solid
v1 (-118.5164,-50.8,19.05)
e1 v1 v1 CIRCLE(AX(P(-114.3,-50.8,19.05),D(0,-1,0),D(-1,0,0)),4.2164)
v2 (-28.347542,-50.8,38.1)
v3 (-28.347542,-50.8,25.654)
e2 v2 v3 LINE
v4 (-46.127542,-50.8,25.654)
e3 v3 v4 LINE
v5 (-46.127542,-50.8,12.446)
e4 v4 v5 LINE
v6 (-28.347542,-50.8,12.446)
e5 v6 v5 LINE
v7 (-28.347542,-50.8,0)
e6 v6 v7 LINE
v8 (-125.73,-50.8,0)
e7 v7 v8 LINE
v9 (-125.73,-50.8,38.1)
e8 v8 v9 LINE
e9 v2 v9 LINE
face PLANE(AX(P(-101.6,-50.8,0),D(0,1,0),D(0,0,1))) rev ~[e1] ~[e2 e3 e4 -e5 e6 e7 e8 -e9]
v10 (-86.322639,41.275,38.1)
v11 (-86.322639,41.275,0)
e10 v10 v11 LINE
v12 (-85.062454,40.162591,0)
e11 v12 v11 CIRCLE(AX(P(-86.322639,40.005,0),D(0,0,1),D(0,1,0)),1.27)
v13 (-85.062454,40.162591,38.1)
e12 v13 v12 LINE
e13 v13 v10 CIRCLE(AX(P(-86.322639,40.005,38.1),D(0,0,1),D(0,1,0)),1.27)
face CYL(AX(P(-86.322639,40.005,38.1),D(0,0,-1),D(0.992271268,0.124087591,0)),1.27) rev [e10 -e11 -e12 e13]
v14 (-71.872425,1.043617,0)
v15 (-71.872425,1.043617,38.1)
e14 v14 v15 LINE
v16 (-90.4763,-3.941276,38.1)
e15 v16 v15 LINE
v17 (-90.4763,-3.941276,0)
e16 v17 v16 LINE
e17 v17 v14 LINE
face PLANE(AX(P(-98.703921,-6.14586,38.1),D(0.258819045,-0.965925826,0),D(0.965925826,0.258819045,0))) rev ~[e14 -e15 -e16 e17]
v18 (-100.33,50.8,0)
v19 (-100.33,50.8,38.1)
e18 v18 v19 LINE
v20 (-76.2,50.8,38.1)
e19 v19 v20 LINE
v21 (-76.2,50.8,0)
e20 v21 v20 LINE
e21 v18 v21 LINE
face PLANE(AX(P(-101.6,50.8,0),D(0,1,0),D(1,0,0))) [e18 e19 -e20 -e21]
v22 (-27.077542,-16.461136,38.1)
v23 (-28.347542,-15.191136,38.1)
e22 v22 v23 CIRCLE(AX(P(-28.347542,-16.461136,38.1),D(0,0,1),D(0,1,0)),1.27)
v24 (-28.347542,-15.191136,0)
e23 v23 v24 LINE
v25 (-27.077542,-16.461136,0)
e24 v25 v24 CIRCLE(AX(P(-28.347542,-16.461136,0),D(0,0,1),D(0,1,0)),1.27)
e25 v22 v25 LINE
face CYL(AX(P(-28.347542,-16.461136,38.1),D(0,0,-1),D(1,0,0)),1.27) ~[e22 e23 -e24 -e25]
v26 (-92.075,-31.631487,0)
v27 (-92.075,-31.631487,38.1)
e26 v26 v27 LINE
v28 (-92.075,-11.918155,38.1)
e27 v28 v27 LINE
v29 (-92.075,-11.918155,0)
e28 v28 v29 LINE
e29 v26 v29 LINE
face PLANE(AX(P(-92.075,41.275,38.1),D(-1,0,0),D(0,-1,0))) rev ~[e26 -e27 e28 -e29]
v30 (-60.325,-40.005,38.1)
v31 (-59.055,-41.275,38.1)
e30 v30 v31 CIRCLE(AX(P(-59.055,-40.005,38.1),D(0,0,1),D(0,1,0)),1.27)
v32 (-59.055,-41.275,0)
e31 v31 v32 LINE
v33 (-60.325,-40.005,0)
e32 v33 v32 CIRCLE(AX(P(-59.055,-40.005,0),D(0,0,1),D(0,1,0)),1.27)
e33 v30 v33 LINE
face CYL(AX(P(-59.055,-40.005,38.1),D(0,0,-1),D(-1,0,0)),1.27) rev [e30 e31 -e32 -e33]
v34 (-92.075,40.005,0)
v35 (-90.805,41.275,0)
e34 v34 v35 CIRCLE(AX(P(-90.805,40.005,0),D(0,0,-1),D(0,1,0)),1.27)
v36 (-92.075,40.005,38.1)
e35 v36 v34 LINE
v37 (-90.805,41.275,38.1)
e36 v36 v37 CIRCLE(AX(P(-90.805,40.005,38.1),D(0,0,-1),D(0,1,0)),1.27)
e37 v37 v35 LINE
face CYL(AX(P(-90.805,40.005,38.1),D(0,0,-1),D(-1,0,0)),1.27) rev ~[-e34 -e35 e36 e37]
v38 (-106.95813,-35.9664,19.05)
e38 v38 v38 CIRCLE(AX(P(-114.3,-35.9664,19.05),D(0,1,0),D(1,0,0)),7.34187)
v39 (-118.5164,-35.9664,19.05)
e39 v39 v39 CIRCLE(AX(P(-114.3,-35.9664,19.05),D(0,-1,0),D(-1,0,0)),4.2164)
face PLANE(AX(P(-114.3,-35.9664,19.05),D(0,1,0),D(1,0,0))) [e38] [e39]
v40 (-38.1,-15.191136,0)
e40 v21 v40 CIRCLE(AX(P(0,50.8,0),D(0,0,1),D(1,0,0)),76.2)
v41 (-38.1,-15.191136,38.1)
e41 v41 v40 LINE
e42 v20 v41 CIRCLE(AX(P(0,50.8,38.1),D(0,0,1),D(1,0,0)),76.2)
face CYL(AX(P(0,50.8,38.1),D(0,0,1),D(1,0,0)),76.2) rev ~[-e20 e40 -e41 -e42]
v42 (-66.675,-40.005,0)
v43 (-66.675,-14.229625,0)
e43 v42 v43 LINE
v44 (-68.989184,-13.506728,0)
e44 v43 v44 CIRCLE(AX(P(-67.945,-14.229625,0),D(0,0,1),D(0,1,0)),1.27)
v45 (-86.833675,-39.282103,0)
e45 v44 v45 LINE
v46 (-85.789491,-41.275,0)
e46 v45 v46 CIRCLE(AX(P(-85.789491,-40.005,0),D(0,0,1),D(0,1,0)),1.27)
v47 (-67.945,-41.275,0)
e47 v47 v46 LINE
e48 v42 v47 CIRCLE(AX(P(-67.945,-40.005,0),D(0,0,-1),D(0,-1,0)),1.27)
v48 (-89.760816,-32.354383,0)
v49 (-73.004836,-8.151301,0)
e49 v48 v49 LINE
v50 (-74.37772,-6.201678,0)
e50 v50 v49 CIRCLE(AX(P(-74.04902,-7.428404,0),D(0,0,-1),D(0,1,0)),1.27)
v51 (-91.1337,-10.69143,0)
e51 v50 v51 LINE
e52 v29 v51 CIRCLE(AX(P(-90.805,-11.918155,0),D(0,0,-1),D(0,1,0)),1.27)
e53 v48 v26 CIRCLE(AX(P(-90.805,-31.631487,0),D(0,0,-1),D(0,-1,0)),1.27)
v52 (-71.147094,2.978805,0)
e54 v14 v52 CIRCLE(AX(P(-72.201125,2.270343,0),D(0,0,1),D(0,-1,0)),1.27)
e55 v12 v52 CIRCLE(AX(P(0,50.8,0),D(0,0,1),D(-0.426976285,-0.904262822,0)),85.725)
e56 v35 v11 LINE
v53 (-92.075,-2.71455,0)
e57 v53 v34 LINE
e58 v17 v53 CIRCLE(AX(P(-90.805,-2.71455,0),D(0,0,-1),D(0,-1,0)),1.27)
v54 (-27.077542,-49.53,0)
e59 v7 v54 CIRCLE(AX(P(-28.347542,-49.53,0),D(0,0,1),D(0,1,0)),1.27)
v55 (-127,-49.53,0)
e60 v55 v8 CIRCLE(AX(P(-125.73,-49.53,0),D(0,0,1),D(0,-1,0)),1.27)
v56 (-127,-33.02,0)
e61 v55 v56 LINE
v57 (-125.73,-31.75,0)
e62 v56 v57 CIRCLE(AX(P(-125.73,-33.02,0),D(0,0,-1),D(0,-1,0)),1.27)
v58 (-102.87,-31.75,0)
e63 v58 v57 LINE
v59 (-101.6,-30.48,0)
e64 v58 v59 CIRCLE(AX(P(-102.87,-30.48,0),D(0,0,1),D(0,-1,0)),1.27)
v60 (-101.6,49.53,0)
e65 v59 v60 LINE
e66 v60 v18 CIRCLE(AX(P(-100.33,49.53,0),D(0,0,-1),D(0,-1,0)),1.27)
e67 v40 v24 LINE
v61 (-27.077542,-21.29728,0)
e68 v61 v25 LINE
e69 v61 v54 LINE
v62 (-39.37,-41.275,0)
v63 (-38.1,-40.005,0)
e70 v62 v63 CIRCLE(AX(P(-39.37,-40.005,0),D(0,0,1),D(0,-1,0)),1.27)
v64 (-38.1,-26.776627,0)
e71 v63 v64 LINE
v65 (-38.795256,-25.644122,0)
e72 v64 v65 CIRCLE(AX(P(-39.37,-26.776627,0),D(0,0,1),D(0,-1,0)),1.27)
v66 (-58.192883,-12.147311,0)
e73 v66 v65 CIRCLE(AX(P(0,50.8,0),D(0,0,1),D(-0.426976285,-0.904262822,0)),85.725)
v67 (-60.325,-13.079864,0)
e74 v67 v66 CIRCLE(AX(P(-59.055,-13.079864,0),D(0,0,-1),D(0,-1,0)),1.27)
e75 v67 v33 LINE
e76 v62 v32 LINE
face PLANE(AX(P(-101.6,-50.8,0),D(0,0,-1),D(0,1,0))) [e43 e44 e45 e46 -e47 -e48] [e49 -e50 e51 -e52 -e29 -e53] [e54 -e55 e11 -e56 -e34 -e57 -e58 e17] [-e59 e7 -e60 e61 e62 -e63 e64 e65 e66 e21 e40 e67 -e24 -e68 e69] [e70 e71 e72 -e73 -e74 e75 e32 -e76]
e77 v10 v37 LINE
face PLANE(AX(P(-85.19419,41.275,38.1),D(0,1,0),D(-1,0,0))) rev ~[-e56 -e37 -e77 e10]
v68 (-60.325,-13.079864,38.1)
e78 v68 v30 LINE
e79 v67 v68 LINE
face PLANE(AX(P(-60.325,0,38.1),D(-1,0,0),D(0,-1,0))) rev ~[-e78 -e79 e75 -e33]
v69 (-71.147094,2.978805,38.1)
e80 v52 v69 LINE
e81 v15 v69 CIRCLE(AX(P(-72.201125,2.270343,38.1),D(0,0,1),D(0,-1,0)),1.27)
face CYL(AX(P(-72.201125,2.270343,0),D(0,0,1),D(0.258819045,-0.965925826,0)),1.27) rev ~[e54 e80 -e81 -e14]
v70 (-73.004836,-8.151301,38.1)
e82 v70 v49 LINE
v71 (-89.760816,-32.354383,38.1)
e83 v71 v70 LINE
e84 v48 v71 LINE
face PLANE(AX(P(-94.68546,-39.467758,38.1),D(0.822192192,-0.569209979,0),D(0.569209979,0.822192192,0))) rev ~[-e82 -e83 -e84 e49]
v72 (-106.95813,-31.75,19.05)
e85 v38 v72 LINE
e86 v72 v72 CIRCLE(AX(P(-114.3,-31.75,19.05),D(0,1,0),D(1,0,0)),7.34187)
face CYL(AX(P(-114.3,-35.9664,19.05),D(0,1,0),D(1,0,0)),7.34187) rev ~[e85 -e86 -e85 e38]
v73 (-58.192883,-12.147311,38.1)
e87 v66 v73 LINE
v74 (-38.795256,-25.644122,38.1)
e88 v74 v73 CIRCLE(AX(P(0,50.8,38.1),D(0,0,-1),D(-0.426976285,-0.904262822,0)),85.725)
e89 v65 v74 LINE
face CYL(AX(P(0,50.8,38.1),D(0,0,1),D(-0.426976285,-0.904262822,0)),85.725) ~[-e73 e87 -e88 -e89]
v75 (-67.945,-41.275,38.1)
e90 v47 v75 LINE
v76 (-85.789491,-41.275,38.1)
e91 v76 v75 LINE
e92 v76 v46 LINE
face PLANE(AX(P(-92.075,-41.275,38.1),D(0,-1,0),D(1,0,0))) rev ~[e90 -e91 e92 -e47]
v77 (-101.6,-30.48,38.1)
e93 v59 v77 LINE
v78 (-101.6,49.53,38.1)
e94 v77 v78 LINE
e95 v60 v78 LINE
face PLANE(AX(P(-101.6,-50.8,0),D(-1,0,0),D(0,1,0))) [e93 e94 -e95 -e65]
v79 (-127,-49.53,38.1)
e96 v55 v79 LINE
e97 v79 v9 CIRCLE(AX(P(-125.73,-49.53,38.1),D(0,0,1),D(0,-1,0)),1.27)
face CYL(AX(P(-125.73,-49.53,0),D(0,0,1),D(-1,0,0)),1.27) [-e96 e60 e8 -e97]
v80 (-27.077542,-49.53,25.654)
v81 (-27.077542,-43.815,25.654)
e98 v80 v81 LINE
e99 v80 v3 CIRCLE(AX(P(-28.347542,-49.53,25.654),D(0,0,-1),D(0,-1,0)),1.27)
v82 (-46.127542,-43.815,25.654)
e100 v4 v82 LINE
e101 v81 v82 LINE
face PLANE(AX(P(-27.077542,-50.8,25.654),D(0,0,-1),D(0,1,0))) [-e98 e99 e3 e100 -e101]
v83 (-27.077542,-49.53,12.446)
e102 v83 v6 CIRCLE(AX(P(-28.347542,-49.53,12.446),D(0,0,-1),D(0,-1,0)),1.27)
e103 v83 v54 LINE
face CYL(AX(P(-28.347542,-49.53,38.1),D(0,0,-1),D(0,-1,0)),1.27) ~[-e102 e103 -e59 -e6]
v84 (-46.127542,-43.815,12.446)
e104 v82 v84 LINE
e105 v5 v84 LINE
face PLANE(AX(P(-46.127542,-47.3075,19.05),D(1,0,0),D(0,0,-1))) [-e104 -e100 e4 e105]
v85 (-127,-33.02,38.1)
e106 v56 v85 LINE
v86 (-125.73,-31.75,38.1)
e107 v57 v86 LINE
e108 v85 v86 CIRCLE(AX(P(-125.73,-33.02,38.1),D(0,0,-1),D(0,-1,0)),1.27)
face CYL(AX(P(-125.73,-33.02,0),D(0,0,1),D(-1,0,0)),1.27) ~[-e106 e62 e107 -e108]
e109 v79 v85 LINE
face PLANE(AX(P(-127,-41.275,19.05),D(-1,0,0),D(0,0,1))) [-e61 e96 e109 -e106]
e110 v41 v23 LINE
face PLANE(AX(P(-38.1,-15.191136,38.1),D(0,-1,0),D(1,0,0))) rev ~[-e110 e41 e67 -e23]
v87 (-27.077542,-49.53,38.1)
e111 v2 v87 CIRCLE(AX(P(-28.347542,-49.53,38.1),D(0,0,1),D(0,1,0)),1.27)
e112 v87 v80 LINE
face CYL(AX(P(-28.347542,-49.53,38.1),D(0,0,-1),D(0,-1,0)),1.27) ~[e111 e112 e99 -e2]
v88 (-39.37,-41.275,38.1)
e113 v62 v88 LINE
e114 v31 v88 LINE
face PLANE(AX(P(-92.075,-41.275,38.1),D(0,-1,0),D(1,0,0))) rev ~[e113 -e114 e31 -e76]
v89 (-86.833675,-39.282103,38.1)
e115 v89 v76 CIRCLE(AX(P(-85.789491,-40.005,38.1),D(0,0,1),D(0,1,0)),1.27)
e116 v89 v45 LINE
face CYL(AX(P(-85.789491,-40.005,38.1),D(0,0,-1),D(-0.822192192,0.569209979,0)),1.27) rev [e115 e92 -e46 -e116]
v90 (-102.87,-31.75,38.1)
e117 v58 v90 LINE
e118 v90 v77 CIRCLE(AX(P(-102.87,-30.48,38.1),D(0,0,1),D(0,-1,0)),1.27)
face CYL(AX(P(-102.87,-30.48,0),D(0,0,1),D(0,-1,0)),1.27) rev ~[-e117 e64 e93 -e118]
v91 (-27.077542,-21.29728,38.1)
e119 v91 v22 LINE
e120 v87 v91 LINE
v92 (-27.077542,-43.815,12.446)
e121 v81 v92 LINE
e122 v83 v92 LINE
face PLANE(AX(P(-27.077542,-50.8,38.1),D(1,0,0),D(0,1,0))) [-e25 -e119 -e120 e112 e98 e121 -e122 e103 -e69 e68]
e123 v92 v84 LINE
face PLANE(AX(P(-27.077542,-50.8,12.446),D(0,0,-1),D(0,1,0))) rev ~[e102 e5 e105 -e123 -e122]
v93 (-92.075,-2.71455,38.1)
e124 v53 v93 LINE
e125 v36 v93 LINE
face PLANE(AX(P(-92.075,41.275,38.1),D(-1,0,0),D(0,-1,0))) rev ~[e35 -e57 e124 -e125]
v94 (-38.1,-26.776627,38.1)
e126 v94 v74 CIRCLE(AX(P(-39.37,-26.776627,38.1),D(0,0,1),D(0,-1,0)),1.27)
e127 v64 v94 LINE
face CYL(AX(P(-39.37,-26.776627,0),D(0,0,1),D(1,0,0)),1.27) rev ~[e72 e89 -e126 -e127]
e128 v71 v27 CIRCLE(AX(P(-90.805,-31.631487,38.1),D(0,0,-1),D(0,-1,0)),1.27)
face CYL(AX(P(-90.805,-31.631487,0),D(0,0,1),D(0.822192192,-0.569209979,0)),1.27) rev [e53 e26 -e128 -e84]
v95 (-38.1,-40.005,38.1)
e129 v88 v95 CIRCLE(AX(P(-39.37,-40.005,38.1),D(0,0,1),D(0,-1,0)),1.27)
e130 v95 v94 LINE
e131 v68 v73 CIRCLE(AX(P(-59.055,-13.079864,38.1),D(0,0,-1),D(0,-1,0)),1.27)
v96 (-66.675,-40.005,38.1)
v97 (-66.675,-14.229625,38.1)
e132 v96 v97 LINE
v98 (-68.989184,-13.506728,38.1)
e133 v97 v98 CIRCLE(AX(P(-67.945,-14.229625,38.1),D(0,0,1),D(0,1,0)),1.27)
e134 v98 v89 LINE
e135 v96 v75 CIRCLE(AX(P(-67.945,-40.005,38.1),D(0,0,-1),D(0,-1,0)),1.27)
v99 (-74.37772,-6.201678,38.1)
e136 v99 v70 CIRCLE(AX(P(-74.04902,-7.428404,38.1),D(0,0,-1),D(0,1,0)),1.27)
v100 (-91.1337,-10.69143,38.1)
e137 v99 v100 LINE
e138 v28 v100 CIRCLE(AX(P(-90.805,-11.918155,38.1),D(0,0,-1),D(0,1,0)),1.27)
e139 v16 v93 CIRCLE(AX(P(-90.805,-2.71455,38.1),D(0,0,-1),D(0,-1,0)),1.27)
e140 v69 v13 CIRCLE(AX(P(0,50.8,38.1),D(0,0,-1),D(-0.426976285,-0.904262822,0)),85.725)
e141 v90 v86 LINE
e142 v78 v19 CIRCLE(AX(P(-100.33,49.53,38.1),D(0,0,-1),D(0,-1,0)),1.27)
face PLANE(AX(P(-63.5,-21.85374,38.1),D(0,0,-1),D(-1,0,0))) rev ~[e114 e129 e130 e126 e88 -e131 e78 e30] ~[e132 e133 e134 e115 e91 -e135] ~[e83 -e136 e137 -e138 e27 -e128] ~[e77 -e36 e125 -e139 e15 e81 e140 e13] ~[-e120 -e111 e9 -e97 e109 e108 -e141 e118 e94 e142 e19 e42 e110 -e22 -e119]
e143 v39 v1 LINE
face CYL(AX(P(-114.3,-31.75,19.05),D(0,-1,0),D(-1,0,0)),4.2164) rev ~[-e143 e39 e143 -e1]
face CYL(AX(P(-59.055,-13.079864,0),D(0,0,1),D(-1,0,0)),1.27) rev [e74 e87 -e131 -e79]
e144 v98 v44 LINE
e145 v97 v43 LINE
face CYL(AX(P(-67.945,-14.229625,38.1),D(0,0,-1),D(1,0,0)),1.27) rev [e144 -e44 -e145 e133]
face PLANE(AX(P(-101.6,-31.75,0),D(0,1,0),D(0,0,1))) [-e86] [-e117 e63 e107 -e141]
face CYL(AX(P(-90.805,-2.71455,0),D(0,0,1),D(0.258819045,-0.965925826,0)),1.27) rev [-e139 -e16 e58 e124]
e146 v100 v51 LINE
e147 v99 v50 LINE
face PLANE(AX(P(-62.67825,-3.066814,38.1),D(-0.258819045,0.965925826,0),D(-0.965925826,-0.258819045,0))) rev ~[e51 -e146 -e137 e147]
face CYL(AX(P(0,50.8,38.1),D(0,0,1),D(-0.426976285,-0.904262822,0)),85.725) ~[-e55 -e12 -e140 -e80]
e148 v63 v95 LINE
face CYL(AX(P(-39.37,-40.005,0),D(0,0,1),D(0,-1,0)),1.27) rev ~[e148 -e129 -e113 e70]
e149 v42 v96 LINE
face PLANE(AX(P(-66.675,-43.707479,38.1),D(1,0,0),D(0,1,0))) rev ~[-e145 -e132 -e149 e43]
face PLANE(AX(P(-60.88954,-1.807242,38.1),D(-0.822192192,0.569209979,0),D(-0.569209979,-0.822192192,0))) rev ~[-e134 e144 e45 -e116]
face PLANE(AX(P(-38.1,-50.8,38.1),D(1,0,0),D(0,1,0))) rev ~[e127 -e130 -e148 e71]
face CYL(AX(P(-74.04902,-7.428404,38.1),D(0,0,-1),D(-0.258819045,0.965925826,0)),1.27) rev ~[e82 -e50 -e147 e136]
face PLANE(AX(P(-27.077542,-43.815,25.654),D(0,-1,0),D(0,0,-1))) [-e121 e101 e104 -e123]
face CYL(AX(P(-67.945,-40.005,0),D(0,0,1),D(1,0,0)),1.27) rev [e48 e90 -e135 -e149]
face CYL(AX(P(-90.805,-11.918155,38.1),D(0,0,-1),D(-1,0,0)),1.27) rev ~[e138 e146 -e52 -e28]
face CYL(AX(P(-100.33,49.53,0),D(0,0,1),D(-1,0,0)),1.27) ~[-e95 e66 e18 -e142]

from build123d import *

# Parameters (mm, degrees)
SKETCH1_W                                         = 203.2
SKETCH1_H                                         = 101.6
BOSS_EXTRUDE1_DEPTH                               = 38.1
SKETCH2_R                                         = 76.2
CUT_EXTRUDE1_DEPTH                                = 120.811560377
SKETCH3_W                                         = 38.1
SKETCH3_H                                         = 19.05
BOSS_EXTRUDE2_DEPTH                               = 25.4
CUT_EXTRUDE2_DEPTH                                = 142.990316571
BOSS_EXTRUDE3_DEPTH                               = 38.1
BOSS_EXTRUDE4_DEPTH                               = 38.1
BOSS_EXTRUDE5_DEPTH                               = 38.1
FILLET1_R                                         = 1.27
FILLET2_R                                         = 1.27
SKETCH8_W                                         = 177.8
SKETCH8_H                                         = 152.4
CUT_EXTRUDE4_DEPTH                                = 142.990316571
FILLET3_R                                         = 1.27
CBORE_FOR_5_16_BUTTON_HEAD_CAP_SCREW1_D           = 8.4328
CBORE_FOR_5_16_BUTTON_HEAD_CAP_SCREW1_CBORE_D     = 14.68374
CBORE_FOR_5_16_BUTTON_HEAD_CAP_SCREW1_CBORE_DEPTH = 4.2164
SKETCH11_W                                        = 11.022458007
SKETCH11_H                                        = 35.608864266
BOSS_EXTRUDE6_DEPTH                               = 38.1
FILLET4_R                                         = 1.27
SKETCH15_W                                        = 13.208
SKETCH15_H                                        = 6.985
CUT_EXTRUDE6_DEPTH                                = 19.05
FILLET5_R                                         = 1.27


with BuildPart() as part:
    # Sketch1 → Boss-Extrude1 (new body)
    with BuildSketch(Plane.XY):
        Rectangle(SKETCH1_W, SKETCH1_H)
    extrude(amount=BOSS_EXTRUDE1_DEPTH)

    # Sketch2 → Cut-Extrude1 (cut, through all)
    with BuildSketch(Plane.XY.offset(38.1)):
        with Locations((0, 50.8)):
            Circle(SKETCH2_R)
    extrude(amount=-CUT_EXTRUDE1_DEPTH, mode=Mode.SUBTRACT)

    # Sketch3 → Boss-Extrude2 (add)
    with BuildSketch(Plane.ZY.offset(101.6)):
        with Locations((19.05, -41.275)):
            Rectangle(SKETCH3_W, SKETCH3_H)
    extrude(amount=BOSS_EXTRUDE2_DEPTH)

    # Sketch4 → Cut-Extrude2 (cut, through all)
    with BuildSketch(Plane.XY.offset(38.1)):
        with BuildLine():
            Line((-85.194189943, 41.275), (-92.075, 41.275))
            Line((-92.075, 41.275), (-92.075, -41.275))
            Line((-92.075, -41.275), (-36.602542053, -41.275))
            Line((-36.602542053, -41.275), (-36.602542053, -26.717930443))
            ThreePointArc((-36.602542053, -26.717930443), (-69.745040174, 0.956194004), (-85.194189943, 41.275))
        make_face()
    extrude(amount=-CUT_EXTRUDE2_DEPTH, mode=Mode.SUBTRACT)

    # Sketch5 → Boss-Extrude3 (add)
    with BuildSketch(Plane.XY.offset(38.1)):
        with BuildLine():
            Line((-62.678249532, -3.066814498), (-97.060420113, -12.27948934))
            ThreePointArc((-97.060420113, -12.27948934), (-100.94898508, -10.03442531), (-98.70392105, -6.145860343))
            Line((-98.70392105, -6.145860343), (-64.321750468, 3.066814498))
            ThreePointArc((-64.321750468, 3.066814498), (-60.433185502, 0.821750468), (-62.678249532, -3.066814498))
        make_face()
    extrude(amount=-BOSS_EXTRUDE3_DEPTH)

    # Sketch6 → Boss-Extrude4 (add)
    with BuildSketch(Plane.XY.offset(38.1)):
        with BuildLine():
            Line((-60.889539792, -1.807241683), (-89.464539792, -43.082241683))
            ThreePointArc((-89.464539792, -43.082241683), (-93.882241683, -43.885460208), (-94.685460208, -39.467758317))
            Line((-94.685460208, -39.467758317), (-66.110460208, 1.807241683))
            ThreePointArc((-66.110460208, 1.807241683), (-61.692758317, 2.610460208), (-60.889539792, -1.807241683))
        make_face()
    extrude(amount=-BOSS_EXTRUDE4_DEPTH)

    # Sketch7 → Boss-Extrude5 (add)
    with BuildSketch(Plane.XY.offset(38.1)):
        with BuildLine():
            Line((-60.325, 0), (-60.325, -43.707479127))
            ThreePointArc((-60.325, -43.707479127), (-63.5, -46.882479127), (-66.675, -43.707479127))
            Line((-66.675, -43.707479127), (-66.675, 0))
            ThreePointArc((-66.675, 0), (-63.5, 3.175), (-60.325, 0))
        make_face()
    extrude(amount=-BOSS_EXTRUDE5_DEPTH)

    # Fillet1
    fillet1_edges = [part.edges().sort_by_distance(p)[0] for p in [
        (-60.325, -41.275, 19.05),
        (-66.675, -41.275, 19.05),
        (-101.6, -31.75, 19.05),
        (-127, -31.75, 19.05),
        (-85.194189943, 41.275, 19.05),
        (-36.602542053, -26.717930443, 19.05),
        (-92.075, 41.275, 19.05),
        (-92.075, -4.369646301, 19.05),
        (-92.075, -10.943650047, 19.05),
        (-70.136622156, 1.508724326, 19.05),
        (-101.6, 50.8, 19.05),
    ]]
    fillet(fillet1_edges, radius=FILLET1_R)

    # Fillet2
    fillet2_edges = [part.edges().sort_by_distance(p)[0] for p in [
        (-92.075, -35.697093572, 19.05),
        (-66.675, -10.164017539, 19.05),
        (-60.325, -10.107060346, 19.05),
        (-71.03501409, -5.306002813, 19.05),
        (-88.213372473, -41.275, 19.05),
    ]]
    fillet(fillet2_edges, radius=FILLET2_R)

    # Sketch8 → Cut-Extrude4 (cut, through all)
    with BuildSketch(Plane.XY.offset(38.1)):
        with Locations((61.822457947, 25.4)):
            Rectangle(SKETCH8_W, SKETCH8_H)
    extrude(amount=-CUT_EXTRUDE4_DEPTH, mode=Mode.SUBTRACT)

    # Fillet3
    fillet3_edges = [part.edges().sort_by_distance(p)[0] for p in [
        (-127, -50.8, 19.05),
        (-27.077542053, -20.426727542, 19.05),
        (-27.077542053, -50.8, 19.05),
        (-36.602542053, -41.275, 19.05),
    ]]
    fillet(fillet3_edges, radius=FILLET3_R)

    # CBORE for 5/16 Button Head Cap Screw1 (through all)
    with Locations(Plane(origin=(0, -31.75, 0), x_dir=(1, 0, 0), z_dir=(0, 1, 0))):
        with Locations((-114.3, -19.05)):
            CounterBoreHole(CBORE_FOR_5_16_BUTTON_HEAD_CAP_SCREW1_D / 2, CBORE_FOR_5_16_BUTTON_HEAD_CAP_SCREW1_CBORE_D / 2, CBORE_FOR_5_16_BUTTON_HEAD_CAP_SCREW1_CBORE_DEPTH)

    # Sketch11 → Boss-Extrude6 (add)
    with BuildSketch(Plane.XY.offset(38.1)):
        with Locations((-32.588771057, -32.995567867)):
            Rectangle(SKETCH11_W, SKETCH11_H)
    extrude(amount=-BOSS_EXTRUDE6_DEPTH)

    # Fillet4
    fillet4_edges = [part.edges().sort_by_distance(p)[0] for p in [
        (-27.077542053, -15.191135734, 19.05),
        (-27.077542053, -50.8, 19.05),
    ]]
    fillet(fillet4_edges, radius=FILLET4_R)

    # Sketch15 → Cut-Extrude6 (cut)
    with BuildSketch(Plane(origin=(-27.077542053, 0, 0), x_dir=(0, 0, -1), z_dir=(1, 0, 0))):
        with Locations((-19.05, -47.3075)):
            Rectangle(SKETCH15_W, SKETCH15_H)
    extrude(amount=-CUT_EXTRUDE6_DEPTH, mode=Mode.SUBTRACT)

    # Fillet5
    fillet5_edges = [part.edges().sort_by_distance(p)[0] for p in [
        (-38.10000006, -41.275, 19.05),
        (-38.10000006, -25.993005023, 19.05),
    ]]
    fillet(fillet5_edges, radius=FILLET5_R)


solid = part.part
